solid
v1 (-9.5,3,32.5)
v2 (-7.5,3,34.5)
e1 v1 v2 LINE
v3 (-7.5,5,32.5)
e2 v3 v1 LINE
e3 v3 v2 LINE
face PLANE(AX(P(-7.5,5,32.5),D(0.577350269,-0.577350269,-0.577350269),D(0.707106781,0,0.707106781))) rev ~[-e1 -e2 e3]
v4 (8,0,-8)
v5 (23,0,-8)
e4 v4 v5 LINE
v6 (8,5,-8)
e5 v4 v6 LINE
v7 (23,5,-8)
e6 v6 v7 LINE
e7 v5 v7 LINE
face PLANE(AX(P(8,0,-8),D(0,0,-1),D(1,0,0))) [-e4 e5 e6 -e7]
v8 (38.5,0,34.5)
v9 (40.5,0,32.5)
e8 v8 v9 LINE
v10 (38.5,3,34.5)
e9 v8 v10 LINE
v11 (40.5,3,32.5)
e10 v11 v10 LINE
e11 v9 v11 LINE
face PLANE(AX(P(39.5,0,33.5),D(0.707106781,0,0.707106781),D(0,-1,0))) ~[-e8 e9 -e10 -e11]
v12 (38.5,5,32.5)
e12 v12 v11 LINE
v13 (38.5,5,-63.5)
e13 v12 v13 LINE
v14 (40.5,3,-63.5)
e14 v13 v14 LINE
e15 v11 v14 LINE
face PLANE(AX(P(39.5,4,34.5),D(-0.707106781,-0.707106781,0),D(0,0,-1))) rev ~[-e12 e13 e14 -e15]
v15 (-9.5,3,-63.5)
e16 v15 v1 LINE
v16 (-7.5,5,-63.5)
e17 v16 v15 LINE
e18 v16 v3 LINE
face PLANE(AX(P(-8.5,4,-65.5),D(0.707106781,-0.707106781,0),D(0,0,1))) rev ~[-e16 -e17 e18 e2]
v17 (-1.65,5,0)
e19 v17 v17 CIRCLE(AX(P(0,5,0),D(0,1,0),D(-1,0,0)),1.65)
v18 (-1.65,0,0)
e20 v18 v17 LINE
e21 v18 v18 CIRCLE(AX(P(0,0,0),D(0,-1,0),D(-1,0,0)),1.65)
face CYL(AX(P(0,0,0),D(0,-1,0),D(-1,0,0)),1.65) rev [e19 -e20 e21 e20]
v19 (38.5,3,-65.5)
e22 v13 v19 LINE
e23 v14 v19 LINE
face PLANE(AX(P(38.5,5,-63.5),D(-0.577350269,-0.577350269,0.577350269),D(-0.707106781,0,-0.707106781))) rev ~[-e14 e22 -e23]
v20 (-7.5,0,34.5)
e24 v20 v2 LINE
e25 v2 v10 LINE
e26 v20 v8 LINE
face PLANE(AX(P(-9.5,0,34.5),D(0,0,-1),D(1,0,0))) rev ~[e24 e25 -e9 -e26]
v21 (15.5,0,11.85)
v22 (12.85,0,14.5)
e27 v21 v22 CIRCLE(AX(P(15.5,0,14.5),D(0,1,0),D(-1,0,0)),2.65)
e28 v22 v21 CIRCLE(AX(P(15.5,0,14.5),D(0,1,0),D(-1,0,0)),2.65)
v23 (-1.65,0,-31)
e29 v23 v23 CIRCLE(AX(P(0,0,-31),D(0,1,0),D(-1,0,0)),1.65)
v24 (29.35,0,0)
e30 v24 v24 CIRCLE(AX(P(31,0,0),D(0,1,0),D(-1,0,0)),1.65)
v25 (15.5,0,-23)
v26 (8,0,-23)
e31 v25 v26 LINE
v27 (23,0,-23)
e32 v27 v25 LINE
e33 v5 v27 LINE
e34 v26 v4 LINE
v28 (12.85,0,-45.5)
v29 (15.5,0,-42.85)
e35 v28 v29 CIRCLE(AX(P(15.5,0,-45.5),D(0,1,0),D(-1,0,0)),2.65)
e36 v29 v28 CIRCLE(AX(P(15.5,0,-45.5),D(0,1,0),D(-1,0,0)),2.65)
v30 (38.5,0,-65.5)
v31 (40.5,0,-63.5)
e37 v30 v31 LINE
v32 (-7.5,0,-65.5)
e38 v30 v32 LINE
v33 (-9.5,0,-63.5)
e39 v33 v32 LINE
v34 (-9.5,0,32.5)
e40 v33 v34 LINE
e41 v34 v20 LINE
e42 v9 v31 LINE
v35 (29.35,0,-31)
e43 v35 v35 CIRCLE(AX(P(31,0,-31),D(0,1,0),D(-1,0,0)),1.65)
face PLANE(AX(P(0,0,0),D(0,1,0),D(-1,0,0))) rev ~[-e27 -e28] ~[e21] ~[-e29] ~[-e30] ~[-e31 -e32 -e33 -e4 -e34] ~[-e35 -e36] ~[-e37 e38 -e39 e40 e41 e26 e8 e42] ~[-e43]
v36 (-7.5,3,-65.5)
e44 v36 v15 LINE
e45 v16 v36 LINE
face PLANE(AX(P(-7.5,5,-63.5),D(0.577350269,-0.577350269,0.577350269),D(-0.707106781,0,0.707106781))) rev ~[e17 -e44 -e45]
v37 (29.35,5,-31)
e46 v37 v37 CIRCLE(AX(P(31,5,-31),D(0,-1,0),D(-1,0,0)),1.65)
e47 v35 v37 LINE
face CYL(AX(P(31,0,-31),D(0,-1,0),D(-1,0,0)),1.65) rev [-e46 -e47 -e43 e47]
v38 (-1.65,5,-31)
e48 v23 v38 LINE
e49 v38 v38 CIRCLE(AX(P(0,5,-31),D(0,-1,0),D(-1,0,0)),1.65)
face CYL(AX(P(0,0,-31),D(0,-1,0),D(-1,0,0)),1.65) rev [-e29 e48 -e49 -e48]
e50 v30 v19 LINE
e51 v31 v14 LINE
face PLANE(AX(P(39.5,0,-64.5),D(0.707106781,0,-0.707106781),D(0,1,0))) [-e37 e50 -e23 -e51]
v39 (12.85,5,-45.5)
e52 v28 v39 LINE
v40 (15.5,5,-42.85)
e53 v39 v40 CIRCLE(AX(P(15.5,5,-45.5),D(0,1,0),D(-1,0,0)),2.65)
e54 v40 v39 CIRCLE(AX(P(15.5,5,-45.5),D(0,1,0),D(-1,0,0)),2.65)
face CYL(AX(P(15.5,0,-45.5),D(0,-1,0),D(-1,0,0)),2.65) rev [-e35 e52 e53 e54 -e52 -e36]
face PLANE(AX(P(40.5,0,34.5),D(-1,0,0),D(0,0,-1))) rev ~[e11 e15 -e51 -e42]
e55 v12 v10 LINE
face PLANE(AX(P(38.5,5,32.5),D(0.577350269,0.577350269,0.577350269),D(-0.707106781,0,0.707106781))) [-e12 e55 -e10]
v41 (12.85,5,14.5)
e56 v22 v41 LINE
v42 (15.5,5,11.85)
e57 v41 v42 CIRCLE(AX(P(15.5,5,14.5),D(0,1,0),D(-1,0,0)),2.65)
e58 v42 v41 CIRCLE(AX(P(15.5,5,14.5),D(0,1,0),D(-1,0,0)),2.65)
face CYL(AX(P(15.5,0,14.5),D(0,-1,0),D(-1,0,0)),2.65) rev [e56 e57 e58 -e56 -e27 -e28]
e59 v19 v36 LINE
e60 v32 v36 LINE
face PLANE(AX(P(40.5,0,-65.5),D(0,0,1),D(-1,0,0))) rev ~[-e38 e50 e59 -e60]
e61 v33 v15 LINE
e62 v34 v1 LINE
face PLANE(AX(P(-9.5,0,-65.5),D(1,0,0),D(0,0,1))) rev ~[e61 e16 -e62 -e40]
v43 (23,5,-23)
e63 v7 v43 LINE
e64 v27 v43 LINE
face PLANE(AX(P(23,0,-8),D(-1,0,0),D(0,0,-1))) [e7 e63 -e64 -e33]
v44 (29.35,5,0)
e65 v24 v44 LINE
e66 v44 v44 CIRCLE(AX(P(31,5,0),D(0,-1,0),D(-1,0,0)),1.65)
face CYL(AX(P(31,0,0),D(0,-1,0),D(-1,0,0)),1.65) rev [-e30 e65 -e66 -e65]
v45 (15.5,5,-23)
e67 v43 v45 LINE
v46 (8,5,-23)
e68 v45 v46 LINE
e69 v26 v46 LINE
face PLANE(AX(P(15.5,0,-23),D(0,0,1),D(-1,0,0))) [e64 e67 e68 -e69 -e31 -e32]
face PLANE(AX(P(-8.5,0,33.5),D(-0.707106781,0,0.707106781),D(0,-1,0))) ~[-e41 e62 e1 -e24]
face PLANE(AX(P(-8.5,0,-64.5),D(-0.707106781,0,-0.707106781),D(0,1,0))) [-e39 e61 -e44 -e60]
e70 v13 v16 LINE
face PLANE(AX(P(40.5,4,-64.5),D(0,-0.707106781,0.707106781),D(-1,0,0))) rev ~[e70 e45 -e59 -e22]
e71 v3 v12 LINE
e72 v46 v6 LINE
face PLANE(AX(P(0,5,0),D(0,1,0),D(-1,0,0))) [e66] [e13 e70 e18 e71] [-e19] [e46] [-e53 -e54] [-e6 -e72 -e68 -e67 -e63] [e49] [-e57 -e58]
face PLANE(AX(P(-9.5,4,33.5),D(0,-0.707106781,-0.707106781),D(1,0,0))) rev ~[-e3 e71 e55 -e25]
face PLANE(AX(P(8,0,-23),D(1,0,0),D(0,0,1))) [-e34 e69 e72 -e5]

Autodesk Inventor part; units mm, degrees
ref_plane "YZ Plane" through (0, 0, 0) normal (1, 0, 0) x (0, 1, 0)
ref_plane "XZ Plane" through (0, 0, 0) normal (0, 1, 0) x (-1, 0, 0)
ref_plane "XY Plane" through (0, 0, 0) normal (0, 0, 1) x (1, 0, 0)
sketch "Sketch1" plane through (0, 0, 0) normal (0, 1, 0) x (-1, 0, 0)
  point P0 (0, 0)
sketch "Sketch2" plane through (0, 0, 0) normal (0, 1, 0) x (-1, 0, 0)
  line L0 (0, 0) -> (-31, 0)
  line L1 (-31, -1.65) -> (-31, -29.35)
  line L2 (-31, -31) -> (0, -31)
  line L3 (0, -29.35) -> (0, -1.65)
  circle A0 centre (0, 0) radius 1.65
  circle A1 centre (0, -31) radius 1.65
  circle A2 centre (-31, -31) radius 1.65
  circle A3 centre (-31, 0) radius 1.65
  line L4 (-15.5, -15.5) -> (-15.5, -45.5)
  line L5 (-15.5, 0) -> (-15.5, 14.5)
  circle A4 centre (-15.5, 14.5) radius 2.65
  circle A5 centre (-15.5, -45.5) radius 2.65
  line L6 (9.5, 34.5) -> (-40.5, 34.5)
  line L7 (-40.5, 34.5) -> (-40.5, -65.5)
  line L8 (-40.5, -65.5) -> (9.5, -65.5)
  line L9 (9.5, -65.5) -> (9.5, 34.5)
  line L10 (9.5, 34.5) -> (-40.5, -65.5) construction
  line L11 (-40.5, 34.5) -> (9.5, -65.5) construction
  line L12 (-8, -8) -> (-23, -8)
  line L13 (-23, -8) -> (-23, -23)
  line L14 (-23, -23) -> (-8, -23)
  line L15 (-8, -23) -> (-8, -8)
  line L16 (-8, -8) -> (-23, -23) construction
  line L17 (-23, -8) -> (-8, -23) construction
  dimension "d2" = 3.3
  dimension "d3" = 3.3
  dimension "d4" = 3.3
  dimension "d5" = 3.3
  dimension "d0" = 31
  dimension "d1" = 31
  dimension "d6" = 30
  dimension "d7" = 30
  dimension "d8" = 5.3
  dimension "d9" = 5.3
  dimension "d10" = 50
  dimension "d11" = 100
  dimension "d12" = 15
  dimension "d13" = 15
extrude "Extrusion1" add sketch "Sketch2" along normal blind 5 contours L0 A0 L3 A1 L2 A2 L1 A3 | L9 L8 L7 L6
chamfer "Chamfer1" distance 2 angle 45 8 edges at (40.5, 2.5, 34.5) (40.5, 2.5, -65.5) (-9.5, 2.5, -65.5) (-9.5, 2.5, 34.5) (40.5, 5, -15.5) (15.5, 5, -65.5) (-9.5, 5, -15.5) (15.5, 5, 34.5)
properties part number "nema y axis cover"
